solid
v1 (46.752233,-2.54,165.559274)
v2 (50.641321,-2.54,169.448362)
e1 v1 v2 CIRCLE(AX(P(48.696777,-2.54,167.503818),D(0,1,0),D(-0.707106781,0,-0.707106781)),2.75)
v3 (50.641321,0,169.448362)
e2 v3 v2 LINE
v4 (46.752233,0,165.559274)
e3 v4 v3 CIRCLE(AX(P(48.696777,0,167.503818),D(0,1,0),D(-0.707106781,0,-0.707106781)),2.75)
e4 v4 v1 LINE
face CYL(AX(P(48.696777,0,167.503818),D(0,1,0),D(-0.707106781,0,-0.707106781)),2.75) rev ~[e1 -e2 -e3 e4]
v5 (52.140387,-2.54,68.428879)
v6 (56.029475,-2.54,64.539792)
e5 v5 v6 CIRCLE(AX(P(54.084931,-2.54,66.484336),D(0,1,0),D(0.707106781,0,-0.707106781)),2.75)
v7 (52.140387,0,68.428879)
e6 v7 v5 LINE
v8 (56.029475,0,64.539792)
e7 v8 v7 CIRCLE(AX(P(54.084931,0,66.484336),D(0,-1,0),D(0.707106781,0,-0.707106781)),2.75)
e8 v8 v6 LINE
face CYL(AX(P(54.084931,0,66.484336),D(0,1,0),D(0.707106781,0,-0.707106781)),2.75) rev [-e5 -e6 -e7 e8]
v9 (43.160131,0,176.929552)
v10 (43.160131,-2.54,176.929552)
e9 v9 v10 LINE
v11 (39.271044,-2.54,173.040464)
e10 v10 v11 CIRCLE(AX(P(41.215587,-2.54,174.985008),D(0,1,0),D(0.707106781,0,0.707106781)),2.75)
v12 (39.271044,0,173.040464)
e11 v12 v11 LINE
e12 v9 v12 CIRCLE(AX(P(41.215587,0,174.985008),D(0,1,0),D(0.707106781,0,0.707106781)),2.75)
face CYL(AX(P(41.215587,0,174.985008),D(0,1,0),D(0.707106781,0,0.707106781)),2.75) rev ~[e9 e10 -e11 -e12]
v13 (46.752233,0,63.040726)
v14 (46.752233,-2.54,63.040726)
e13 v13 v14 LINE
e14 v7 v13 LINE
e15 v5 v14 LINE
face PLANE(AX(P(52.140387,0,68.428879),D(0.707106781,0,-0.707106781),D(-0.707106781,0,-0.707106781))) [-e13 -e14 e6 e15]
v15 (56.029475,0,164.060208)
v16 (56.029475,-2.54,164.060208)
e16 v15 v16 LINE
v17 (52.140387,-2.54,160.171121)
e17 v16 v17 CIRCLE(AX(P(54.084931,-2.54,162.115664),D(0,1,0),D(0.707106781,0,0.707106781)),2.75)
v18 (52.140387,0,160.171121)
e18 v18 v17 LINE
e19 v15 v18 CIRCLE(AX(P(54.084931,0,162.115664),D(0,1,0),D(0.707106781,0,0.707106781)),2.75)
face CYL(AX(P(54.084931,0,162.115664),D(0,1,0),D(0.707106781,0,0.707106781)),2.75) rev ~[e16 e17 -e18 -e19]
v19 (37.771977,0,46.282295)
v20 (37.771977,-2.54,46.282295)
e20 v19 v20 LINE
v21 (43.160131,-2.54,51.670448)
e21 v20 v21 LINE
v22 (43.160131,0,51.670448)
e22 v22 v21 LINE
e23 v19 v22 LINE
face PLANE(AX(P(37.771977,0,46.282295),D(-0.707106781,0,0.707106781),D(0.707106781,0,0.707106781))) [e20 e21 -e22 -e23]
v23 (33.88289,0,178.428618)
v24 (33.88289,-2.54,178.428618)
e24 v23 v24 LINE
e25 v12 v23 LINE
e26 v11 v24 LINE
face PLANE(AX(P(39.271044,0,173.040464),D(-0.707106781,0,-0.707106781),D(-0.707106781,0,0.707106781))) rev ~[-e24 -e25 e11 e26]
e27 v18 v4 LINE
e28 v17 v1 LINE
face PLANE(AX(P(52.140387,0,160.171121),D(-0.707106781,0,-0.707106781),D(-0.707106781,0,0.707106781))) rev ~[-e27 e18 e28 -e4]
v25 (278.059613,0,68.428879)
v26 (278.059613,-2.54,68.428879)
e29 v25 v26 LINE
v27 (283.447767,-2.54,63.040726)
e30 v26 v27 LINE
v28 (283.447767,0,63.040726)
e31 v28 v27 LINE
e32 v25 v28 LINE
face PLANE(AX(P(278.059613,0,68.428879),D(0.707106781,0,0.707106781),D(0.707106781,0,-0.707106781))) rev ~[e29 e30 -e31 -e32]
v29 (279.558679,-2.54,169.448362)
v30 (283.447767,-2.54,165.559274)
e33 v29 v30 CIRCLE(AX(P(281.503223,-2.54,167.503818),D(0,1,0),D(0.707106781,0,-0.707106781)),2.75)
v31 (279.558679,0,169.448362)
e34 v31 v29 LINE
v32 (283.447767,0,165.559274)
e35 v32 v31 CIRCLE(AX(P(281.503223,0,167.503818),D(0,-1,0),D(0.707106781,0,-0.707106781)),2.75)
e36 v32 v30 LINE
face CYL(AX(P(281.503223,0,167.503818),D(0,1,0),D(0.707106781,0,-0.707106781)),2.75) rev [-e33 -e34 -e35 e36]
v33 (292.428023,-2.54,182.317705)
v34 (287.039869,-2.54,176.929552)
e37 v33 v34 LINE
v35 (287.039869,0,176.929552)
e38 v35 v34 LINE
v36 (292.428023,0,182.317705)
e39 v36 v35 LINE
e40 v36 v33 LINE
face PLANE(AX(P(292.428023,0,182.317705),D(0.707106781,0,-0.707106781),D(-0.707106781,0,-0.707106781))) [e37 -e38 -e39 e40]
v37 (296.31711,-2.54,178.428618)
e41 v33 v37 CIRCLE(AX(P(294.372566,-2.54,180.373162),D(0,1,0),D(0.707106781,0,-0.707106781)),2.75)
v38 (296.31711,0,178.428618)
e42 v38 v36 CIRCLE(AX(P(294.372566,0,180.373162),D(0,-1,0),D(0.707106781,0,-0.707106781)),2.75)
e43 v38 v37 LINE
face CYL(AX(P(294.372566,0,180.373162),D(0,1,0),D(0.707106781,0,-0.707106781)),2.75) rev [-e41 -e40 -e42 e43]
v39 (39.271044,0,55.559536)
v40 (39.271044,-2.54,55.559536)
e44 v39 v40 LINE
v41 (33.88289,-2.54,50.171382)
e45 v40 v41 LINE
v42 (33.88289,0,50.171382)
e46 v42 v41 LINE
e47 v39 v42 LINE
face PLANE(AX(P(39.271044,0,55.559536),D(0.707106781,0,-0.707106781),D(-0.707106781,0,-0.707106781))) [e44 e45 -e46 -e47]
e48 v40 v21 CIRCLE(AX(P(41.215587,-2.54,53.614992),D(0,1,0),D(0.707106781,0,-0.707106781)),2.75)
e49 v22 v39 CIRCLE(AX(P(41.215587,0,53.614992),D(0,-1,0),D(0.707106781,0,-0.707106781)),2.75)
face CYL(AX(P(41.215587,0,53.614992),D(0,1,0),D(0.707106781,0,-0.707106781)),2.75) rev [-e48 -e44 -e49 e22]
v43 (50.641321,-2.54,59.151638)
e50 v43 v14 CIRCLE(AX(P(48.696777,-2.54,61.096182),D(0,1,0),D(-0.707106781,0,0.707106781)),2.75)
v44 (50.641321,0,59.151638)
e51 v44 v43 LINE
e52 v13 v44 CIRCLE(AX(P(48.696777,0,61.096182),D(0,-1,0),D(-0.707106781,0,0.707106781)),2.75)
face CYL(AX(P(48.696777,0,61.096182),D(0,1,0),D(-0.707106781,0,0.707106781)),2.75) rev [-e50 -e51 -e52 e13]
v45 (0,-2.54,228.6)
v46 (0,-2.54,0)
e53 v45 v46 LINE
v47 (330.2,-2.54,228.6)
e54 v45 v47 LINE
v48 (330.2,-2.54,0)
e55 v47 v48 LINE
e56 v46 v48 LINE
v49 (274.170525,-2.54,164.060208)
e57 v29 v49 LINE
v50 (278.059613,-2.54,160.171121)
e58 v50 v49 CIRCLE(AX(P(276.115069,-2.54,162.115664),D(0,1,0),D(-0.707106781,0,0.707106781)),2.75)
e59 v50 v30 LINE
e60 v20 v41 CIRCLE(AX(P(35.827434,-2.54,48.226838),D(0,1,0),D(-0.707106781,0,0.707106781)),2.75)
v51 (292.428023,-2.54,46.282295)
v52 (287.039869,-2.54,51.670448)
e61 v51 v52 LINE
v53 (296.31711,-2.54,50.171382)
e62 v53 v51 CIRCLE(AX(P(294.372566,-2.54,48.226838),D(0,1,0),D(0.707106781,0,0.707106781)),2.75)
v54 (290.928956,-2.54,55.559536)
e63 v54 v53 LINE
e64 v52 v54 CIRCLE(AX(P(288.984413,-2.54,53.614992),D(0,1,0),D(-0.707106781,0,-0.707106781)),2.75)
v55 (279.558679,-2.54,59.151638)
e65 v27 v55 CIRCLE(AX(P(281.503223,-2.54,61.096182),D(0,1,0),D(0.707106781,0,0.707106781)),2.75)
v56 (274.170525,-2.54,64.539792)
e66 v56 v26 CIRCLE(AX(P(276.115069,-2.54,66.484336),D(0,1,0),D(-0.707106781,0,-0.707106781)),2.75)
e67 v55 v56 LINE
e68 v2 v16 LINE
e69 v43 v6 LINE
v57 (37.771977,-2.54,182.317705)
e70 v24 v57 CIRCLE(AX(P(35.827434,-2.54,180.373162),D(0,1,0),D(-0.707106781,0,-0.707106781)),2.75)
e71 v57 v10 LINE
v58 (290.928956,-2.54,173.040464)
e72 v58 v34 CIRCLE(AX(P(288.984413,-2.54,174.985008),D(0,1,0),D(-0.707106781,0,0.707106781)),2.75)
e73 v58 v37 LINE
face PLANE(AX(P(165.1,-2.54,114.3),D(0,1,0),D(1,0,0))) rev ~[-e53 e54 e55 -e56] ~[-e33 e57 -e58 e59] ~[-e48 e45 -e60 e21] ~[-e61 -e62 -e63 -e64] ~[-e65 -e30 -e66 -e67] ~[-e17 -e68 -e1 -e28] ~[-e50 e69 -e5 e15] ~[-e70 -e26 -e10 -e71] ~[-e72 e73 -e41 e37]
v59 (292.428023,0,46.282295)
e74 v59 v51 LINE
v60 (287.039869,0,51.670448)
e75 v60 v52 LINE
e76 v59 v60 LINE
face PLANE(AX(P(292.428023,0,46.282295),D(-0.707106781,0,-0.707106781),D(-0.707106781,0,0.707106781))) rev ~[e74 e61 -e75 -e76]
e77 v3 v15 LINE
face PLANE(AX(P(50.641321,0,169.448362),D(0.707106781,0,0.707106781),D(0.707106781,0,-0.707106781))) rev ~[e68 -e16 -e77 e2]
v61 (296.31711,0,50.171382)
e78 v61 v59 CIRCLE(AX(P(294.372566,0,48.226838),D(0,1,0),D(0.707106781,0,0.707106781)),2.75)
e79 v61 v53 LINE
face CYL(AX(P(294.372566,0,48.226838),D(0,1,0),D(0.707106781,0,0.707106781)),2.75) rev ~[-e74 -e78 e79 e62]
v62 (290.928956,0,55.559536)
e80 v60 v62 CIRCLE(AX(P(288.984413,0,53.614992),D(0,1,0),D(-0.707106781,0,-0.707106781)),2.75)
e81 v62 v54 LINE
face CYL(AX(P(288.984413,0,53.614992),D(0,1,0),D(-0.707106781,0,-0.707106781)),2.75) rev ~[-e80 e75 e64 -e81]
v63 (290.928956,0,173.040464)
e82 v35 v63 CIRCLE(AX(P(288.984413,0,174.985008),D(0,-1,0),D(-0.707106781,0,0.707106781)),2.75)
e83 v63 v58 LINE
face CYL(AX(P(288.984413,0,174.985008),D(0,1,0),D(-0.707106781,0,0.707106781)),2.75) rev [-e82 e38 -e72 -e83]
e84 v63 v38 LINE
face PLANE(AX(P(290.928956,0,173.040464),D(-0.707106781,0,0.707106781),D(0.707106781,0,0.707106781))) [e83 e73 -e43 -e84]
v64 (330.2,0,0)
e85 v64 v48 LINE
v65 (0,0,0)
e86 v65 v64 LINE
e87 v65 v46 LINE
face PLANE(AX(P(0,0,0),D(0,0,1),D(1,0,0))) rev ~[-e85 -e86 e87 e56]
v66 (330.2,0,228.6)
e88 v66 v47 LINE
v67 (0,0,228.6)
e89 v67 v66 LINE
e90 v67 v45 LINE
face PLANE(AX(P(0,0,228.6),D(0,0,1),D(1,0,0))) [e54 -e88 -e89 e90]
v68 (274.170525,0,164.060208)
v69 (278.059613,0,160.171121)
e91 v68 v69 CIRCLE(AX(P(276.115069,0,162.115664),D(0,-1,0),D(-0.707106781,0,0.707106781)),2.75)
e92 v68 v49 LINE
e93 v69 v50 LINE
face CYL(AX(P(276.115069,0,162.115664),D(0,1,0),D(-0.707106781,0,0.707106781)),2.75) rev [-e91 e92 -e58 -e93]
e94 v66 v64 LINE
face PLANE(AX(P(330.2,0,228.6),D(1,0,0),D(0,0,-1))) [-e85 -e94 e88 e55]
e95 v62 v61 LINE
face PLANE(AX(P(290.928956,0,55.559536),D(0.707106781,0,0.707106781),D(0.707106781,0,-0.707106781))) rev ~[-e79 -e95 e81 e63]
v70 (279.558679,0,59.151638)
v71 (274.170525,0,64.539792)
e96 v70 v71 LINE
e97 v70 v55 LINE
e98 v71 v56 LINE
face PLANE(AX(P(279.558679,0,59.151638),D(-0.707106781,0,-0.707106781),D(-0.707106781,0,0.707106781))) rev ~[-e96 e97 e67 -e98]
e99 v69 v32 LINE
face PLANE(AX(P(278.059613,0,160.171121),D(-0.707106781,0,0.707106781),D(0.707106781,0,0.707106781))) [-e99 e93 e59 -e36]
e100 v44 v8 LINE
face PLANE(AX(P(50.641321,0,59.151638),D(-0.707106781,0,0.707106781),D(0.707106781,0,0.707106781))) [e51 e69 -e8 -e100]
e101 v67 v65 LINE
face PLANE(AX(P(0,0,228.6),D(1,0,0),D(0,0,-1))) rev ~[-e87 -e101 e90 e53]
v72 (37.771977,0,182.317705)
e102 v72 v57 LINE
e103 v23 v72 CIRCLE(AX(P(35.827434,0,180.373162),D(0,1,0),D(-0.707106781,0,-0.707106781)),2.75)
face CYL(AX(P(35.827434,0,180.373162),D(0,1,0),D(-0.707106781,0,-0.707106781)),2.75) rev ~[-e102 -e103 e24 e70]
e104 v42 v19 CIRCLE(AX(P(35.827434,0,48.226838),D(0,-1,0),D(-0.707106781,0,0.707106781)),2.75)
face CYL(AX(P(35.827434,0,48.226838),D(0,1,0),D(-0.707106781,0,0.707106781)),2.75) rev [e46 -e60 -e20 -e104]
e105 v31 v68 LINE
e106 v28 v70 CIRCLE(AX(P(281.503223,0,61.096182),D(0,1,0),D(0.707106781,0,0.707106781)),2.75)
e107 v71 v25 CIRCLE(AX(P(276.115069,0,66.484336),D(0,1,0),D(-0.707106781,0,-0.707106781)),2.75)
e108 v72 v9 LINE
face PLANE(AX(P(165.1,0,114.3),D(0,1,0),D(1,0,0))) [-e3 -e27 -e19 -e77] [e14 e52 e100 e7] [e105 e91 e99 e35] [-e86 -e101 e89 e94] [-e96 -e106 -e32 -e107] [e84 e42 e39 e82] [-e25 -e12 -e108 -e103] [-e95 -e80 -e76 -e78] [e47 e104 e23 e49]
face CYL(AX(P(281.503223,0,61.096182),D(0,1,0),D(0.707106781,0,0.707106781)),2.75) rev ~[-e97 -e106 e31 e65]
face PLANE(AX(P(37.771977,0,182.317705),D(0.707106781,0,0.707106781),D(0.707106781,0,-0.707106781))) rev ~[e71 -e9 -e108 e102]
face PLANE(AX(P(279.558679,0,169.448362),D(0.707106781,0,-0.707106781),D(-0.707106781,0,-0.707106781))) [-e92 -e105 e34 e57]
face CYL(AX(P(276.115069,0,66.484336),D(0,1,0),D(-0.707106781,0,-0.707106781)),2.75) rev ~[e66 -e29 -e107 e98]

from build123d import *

# Parameters (mm, degrees)
SKETCH1_W          = 330.2
SKETCH1_H          = 228.6
BASE_PLATE_DEPTH   = 2.54
CUT_EXTRUDE9_DEPTH = 402.617294946


with BuildPart() as part:
    # Sketch1 → base plate (new body)
    with BuildSketch(Plane(origin=(0, 0, 0), x_dir=(1, 0, 0), z_dir=(0, 1, 0))):
        with Locations((165.1, -114.3)):
            Rectangle(SKETCH1_W, SKETCH1_H)
    extrude(amount=-BASE_PLATE_DEPTH)

    # Sketch3 → Cut-Extrude9 (cut, through all)
    with BuildSketch(Plane(origin=(0, 0, 0), x_dir=(1, 0, 0), z_dir=(0, 1, 0))):
        with BuildLine():
            ThreePointArc((43.160130962, -51.670448323), (43.160130962, -55.559535744), (39.271043541, -55.559535744))
            Line((39.271043541, -55.559535744), (33.882889868, -50.171382072))
            ThreePointArc((33.882889868, -50.171382072), (33.882889868, -46.282294651), (37.771977289, -46.282294651))
            Line((37.771977289, -46.282294651), (43.160130962, -51.670448323))
        make_face()
        with BuildLine():
            Line((292.428022711, -46.282294651), (287.039869038, -51.670448323))
            ThreePointArc((287.039869038, -51.670448323), (287.039869038, -55.559535744), (290.928956459, -55.559535744))
            Line((290.928956459, -55.559535744), (296.317110132, -50.171382072))
            ThreePointArc((296.317110132, -50.171382072), (296.317110132, -46.282294651), (292.428022711, -46.282294651))
        make_face()
        with BuildLine():
            Line((278.059612917, -68.428879286), (283.44776659, -63.040725614))
            ThreePointArc((283.44776659, -63.040725614), (283.44776659, -59.151638193), (279.558679169, -59.151638193))
            Line((279.558679169, -59.151638193), (274.170525496, -64.539791865))
            ThreePointArc((274.170525496, -64.539791865), (274.170525496, -68.428879286), (278.059612917, -68.428879286))
        make_face()
        with BuildLine():
            ThreePointArc((283.44776659, -165.559274386), (283.44776659, -169.448361807), (279.558679169, -169.448361807))
            Line((279.558679169, -169.448361807), (274.170525496, -164.060208135))
            ThreePointArc((274.170525496, -164.060208135), (274.170525496, -160.171120714), (278.059612917, -160.171120714))
            Line((278.059612917, -160.171120714), (283.44776659, -165.559274386))
        make_face()
        with BuildLine():
            ThreePointArc((287.039869038, -176.929551677), (287.039869038, -173.040464256), (290.928956459, -173.040464256))
            Line((290.928956459, -173.040464256), (296.317110132, -178.428617928))
            ThreePointArc((296.317110132, -178.428617928), (296.317110132, -182.317705349), (292.428022711, -182.317705349))
            Line((292.428022711, -182.317705349), (287.039869038, -176.929551677))
        make_face()
        with BuildLine():
            Line((37.771977289, -182.317705349), (43.160130962, -176.929551677))
            ThreePointArc((43.160130962, -176.929551677), (43.160130962, -173.040464256), (39.271043541, -173.040464256))
            Line((39.271043541, -173.040464256), (33.882889868, -178.428617928))
            ThreePointArc((33.882889868, -178.428617928), (33.882889868, -182.317705349), (37.771977289, -182.317705349))
        make_face()
        with BuildLine():
            Line((52.140387083, -160.171120714), (46.75223341, -165.559274386))
            ThreePointArc((46.75223341, -165.559274386), (46.75223341, -169.448361807), (50.641320831, -169.448361807))
            Line((50.641320831, -169.448361807), (56.029474504, -164.060208135))
            ThreePointArc((56.029474504, -164.060208135), (56.029474504, -160.171120714), (52.140387083, -160.171120714))
        make_face()
        with BuildLine():
            Line((52.140387083, -68.428879286), (46.75223341, -63.040725614))
            ThreePointArc((46.75223341, -63.040725614), (46.75223341, -59.151638193), (50.641320831, -59.151638193))
            Line((50.641320831, -59.151638193), (56.029474504, -64.539791865))
            ThreePointArc((56.029474504, -64.539791865), (56.029474504, -68.428879286), (52.140387083, -68.428879286))
        make_face()
    extrude(amount=-CUT_EXTRUDE9_DEPTH, mode=Mode.SUBTRACT)


solid = part.part
